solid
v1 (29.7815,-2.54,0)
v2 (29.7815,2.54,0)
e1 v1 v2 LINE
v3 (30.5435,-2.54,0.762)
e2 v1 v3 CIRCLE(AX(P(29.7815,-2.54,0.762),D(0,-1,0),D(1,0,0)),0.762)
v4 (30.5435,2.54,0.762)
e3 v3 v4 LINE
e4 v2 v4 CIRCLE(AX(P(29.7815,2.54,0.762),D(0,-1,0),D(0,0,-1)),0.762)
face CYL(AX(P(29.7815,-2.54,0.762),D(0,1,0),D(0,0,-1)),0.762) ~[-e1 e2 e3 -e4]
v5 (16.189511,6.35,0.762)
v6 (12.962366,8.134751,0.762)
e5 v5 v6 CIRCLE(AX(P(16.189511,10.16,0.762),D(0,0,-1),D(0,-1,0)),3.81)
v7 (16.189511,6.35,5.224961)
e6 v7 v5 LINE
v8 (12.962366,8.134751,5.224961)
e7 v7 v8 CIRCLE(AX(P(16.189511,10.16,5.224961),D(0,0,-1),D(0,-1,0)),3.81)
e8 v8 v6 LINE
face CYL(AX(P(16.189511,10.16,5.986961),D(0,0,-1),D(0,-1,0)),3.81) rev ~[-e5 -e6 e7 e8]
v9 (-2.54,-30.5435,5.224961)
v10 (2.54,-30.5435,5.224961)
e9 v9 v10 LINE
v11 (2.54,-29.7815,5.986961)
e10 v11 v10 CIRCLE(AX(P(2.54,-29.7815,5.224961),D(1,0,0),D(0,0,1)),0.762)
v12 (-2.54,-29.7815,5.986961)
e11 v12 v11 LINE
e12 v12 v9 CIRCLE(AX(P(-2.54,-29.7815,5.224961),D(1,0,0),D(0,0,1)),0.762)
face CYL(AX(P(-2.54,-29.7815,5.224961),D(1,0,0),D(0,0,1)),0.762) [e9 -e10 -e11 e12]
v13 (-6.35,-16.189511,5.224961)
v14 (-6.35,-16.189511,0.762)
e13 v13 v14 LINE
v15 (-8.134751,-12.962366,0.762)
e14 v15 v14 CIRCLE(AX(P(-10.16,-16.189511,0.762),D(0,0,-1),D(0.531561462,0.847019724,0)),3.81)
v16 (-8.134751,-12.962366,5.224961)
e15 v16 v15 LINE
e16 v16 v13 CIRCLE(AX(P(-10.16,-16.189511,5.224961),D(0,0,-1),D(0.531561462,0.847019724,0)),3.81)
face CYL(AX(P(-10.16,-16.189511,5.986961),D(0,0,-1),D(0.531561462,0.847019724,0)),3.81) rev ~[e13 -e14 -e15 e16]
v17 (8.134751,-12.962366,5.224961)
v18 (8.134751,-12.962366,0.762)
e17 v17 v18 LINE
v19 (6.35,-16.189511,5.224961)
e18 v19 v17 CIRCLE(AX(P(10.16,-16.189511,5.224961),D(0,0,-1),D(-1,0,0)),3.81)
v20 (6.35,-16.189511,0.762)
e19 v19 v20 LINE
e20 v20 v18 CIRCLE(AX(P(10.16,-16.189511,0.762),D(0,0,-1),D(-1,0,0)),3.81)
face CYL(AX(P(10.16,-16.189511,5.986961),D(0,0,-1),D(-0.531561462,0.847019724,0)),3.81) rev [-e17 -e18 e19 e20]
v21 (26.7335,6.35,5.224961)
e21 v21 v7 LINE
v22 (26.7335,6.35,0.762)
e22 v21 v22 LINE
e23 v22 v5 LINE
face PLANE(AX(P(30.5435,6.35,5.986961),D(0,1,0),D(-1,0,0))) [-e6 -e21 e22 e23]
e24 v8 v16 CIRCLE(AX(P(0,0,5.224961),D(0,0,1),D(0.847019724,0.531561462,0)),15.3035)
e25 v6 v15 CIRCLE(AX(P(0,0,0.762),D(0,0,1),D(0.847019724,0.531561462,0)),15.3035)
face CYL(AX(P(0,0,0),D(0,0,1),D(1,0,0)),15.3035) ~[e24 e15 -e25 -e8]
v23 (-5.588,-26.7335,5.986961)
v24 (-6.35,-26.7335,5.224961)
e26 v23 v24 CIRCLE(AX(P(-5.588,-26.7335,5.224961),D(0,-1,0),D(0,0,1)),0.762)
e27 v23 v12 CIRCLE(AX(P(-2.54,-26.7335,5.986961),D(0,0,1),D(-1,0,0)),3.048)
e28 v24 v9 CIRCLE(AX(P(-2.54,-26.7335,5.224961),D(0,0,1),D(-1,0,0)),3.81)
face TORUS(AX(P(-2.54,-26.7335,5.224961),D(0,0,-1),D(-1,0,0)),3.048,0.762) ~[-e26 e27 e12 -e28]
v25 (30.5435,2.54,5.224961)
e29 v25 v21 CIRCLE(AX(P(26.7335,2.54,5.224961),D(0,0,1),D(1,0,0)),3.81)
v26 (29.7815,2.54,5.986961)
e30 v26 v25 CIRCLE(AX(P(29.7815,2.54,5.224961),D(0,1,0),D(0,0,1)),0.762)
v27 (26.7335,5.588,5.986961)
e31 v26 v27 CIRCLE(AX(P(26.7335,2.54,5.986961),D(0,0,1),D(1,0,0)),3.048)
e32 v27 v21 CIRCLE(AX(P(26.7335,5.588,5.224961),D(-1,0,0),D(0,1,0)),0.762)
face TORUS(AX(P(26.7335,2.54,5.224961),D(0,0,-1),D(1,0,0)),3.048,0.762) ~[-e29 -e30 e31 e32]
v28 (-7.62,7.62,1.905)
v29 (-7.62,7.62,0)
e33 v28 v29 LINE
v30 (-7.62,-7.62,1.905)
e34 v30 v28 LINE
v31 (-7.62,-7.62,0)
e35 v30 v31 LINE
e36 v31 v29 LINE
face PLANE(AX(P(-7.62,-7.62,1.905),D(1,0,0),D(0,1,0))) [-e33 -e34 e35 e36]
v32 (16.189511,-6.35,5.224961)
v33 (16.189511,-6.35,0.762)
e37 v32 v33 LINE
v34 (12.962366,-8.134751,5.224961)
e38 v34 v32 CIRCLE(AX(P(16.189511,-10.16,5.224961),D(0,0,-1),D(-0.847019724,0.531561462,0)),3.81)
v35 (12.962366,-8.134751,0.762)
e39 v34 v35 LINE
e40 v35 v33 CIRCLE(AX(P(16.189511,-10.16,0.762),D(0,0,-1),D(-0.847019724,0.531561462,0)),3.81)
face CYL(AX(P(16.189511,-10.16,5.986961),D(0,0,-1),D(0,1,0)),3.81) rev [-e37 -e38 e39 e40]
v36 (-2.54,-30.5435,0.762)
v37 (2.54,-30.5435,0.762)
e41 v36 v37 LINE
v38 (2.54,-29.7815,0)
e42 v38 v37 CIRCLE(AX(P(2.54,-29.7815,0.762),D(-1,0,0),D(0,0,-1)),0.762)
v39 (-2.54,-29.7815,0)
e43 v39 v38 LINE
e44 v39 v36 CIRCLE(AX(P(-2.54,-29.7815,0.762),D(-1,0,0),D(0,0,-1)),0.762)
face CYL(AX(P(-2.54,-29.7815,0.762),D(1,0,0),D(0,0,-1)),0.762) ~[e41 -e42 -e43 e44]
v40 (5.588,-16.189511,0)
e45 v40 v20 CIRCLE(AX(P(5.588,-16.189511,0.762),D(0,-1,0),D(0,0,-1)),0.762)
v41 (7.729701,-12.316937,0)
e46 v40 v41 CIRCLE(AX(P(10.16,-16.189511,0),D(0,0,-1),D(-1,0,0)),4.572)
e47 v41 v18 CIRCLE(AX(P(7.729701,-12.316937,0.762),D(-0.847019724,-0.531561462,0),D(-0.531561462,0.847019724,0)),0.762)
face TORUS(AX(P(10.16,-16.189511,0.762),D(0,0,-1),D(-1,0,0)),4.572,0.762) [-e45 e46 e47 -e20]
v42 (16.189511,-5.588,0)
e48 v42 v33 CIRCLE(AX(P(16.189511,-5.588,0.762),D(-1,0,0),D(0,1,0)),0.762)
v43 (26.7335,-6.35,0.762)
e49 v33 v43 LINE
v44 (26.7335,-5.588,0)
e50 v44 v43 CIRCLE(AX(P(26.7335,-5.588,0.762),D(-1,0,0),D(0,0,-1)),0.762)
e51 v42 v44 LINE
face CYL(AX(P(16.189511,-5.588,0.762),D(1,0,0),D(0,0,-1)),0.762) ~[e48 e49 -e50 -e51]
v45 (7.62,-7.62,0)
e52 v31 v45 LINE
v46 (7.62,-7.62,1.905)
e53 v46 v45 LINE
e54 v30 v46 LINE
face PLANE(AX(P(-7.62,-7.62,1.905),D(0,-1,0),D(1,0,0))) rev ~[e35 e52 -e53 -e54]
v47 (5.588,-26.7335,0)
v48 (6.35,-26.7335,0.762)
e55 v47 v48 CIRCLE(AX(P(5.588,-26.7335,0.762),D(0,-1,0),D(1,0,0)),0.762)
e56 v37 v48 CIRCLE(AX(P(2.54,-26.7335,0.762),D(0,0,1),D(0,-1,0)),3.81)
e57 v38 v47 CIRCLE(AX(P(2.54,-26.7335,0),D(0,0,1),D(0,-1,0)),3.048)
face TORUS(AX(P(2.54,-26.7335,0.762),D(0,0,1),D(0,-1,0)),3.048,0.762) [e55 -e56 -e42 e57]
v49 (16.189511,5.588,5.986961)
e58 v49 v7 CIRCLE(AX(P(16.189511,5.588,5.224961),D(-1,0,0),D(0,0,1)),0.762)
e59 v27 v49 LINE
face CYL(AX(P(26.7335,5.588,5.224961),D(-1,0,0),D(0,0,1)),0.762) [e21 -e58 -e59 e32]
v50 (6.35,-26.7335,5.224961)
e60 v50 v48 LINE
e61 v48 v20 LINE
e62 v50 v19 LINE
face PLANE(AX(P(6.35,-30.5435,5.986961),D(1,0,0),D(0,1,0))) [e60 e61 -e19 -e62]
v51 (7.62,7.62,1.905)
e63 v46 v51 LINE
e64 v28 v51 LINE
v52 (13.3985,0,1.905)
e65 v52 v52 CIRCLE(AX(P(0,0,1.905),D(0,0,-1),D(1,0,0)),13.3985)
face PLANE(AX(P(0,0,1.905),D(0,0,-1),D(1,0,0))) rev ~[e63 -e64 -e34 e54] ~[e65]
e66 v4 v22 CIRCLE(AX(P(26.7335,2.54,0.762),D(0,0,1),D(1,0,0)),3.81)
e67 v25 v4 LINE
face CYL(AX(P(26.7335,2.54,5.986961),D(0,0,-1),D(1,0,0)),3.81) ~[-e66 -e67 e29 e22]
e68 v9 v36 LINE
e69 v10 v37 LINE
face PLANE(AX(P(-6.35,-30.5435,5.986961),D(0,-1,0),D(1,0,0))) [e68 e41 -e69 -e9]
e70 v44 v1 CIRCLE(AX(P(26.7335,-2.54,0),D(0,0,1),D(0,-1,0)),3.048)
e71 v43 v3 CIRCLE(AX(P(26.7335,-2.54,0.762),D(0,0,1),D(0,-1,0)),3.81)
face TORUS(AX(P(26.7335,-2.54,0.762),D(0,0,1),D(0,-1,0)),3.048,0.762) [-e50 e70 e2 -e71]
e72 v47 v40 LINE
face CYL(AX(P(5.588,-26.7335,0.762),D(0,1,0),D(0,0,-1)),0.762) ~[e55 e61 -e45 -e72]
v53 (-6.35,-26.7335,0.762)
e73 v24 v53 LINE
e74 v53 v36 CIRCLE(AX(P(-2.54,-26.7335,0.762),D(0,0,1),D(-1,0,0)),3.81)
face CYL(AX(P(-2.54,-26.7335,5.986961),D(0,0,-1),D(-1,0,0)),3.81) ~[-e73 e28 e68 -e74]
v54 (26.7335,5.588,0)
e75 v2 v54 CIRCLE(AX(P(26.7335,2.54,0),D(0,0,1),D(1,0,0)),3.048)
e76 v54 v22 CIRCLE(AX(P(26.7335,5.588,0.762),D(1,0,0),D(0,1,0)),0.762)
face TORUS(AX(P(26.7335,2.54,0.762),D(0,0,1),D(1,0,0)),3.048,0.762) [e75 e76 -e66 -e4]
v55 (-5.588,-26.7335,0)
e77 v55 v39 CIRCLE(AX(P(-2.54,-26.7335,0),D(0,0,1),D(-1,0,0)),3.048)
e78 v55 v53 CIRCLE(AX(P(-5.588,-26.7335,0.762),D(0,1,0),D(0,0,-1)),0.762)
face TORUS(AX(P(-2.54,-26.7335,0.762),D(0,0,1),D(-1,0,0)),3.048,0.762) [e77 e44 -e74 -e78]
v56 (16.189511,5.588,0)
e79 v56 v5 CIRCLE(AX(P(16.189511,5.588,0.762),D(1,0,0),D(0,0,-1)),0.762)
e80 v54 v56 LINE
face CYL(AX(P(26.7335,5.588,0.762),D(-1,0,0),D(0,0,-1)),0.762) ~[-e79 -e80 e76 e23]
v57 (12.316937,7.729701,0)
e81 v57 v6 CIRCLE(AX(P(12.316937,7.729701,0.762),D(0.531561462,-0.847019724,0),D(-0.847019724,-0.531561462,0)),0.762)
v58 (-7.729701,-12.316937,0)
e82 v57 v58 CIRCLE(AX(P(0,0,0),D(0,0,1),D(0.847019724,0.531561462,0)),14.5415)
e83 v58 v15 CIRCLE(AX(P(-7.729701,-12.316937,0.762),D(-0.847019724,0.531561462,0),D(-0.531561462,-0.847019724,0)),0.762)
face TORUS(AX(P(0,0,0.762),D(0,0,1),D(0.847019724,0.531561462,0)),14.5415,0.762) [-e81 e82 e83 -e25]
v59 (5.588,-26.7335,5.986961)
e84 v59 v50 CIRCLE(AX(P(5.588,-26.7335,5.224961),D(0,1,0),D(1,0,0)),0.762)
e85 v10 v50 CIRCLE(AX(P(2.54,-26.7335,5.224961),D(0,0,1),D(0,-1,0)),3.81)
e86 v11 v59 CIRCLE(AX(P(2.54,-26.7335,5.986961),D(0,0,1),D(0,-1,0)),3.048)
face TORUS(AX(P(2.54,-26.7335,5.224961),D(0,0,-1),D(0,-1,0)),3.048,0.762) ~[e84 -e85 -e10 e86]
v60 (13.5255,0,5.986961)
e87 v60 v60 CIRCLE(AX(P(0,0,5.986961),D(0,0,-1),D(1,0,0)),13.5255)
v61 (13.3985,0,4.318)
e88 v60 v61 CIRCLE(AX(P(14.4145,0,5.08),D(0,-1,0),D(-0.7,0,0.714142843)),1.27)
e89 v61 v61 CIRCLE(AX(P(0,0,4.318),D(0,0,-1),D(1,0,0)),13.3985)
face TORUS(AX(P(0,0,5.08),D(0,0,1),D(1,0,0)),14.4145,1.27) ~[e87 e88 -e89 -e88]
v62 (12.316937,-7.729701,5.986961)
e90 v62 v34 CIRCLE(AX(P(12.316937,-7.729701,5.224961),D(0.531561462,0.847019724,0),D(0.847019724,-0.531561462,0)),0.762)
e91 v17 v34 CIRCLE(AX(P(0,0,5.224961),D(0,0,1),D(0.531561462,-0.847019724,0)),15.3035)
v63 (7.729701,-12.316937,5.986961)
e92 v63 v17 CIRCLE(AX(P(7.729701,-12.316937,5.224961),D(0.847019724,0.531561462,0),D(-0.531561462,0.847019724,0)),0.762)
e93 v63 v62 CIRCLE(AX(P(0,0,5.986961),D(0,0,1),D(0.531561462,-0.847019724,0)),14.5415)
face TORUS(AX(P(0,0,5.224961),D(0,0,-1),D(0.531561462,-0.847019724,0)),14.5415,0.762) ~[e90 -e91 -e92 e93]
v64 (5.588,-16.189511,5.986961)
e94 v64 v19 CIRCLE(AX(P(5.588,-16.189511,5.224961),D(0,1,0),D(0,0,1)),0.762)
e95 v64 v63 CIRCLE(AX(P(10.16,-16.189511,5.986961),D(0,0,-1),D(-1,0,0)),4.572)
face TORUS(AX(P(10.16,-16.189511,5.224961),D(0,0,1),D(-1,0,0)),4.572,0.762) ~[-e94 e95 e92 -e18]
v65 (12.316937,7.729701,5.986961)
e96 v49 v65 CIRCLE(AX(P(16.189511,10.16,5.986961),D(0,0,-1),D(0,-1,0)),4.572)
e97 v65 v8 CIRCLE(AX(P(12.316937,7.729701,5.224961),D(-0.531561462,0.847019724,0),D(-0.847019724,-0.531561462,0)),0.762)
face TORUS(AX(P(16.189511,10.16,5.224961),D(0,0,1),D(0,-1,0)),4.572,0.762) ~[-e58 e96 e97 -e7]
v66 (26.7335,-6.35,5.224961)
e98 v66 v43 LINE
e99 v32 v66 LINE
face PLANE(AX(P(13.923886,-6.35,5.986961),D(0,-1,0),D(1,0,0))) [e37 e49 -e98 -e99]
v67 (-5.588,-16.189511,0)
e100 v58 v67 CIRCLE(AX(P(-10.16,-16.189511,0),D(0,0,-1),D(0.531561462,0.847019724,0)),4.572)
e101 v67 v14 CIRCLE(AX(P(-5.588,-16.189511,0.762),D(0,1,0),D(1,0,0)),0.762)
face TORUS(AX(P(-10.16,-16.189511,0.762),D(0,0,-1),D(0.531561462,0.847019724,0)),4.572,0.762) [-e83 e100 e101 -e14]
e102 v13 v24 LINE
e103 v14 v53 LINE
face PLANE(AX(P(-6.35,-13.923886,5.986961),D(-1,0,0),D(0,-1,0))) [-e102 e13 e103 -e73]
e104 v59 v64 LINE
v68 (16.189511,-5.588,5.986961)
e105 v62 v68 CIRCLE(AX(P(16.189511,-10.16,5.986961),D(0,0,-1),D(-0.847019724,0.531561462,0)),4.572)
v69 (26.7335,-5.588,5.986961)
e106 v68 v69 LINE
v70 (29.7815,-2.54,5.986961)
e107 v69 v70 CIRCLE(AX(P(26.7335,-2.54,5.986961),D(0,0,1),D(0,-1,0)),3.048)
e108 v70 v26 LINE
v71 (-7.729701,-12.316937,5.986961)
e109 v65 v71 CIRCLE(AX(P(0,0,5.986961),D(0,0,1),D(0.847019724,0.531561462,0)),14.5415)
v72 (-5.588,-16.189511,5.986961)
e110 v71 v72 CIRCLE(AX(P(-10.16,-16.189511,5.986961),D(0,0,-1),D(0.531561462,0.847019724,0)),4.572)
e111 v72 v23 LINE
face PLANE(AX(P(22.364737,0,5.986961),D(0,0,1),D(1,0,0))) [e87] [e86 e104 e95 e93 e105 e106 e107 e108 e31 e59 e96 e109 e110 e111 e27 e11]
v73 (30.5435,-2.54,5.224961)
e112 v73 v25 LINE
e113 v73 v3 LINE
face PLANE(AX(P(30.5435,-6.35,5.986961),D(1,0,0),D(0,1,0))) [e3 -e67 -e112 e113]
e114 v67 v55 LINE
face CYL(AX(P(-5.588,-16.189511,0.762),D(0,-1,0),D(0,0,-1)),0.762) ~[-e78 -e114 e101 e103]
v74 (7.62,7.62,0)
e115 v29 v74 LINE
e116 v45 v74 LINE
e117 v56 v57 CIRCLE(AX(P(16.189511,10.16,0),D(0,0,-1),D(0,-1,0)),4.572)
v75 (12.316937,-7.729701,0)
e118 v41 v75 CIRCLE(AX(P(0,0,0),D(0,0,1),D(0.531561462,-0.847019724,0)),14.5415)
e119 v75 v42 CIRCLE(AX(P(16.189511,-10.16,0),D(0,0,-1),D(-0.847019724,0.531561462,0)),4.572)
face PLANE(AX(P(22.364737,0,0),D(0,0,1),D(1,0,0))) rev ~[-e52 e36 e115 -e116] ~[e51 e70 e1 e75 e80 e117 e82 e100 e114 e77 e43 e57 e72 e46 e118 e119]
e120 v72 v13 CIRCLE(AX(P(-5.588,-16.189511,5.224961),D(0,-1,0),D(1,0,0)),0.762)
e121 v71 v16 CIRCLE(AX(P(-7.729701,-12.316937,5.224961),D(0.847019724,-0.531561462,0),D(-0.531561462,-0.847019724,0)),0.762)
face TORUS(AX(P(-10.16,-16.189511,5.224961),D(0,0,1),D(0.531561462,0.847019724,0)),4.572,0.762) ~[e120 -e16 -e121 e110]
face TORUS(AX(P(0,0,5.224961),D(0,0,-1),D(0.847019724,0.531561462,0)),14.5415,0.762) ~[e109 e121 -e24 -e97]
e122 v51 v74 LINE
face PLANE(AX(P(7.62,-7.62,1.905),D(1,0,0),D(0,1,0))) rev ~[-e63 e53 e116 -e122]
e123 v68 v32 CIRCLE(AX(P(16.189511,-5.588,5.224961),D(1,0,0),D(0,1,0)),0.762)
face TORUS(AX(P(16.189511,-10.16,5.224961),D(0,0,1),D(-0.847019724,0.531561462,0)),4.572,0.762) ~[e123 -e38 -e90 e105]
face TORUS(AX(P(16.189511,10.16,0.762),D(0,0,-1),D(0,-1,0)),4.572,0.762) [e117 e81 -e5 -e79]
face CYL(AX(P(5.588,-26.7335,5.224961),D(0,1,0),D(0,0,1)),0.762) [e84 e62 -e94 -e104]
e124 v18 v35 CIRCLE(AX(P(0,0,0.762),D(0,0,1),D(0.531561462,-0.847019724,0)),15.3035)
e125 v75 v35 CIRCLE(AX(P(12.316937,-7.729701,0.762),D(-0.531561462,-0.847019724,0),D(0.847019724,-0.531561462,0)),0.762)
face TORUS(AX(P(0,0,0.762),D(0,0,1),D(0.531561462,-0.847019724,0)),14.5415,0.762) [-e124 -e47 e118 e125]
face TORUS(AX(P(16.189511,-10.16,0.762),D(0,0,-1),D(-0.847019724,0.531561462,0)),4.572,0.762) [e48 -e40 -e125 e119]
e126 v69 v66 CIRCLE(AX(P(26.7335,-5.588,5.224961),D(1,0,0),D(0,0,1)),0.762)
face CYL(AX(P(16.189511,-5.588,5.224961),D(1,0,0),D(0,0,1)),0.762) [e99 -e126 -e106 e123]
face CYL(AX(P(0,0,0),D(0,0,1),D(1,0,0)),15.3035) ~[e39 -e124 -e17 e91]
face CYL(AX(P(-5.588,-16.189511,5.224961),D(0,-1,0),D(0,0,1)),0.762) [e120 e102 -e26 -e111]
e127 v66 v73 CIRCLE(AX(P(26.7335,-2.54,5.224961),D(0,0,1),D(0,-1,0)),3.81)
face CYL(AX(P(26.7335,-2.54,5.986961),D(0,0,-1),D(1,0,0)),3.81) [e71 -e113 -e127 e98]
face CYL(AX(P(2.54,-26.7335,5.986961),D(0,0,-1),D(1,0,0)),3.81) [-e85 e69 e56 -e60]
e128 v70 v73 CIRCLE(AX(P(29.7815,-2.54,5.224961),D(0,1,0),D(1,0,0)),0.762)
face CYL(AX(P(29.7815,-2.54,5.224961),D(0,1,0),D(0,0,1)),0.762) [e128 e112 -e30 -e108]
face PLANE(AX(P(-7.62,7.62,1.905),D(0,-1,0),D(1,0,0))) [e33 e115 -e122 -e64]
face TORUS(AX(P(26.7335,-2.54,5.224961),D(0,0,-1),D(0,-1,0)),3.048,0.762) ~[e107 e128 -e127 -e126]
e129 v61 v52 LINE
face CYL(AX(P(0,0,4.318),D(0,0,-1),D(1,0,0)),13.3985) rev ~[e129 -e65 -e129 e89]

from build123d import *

# Parameters (mm, degrees)
F3_DEPTH = 5.9869614104
F4_R     = 3.81
F5_R     = 0.762
F6_W     = 15.24
F6_H     = 15.24
F7_DEPTH = 25.4


with BuildPart() as f1:
    # F0 (on Front) → F1 (revolve)
    with BuildSketch(Plane.XZ):
        with BuildLine():
            Line((15.3035, 0), (15.3035, 4.1730385896))
            ThreePointArc((15.3035, 4.1730385896), (14.3181376493, 3.8136610654), (13.3985, 4.318))
            Line((13.3985, 4.318), (13.3985, 1.905))
            Line((13.3985, 1.905), (0, 1.905))
            Line((0, 1.905), (0, 0))
            Line((0, 0), (15.3035, 0))
        make_face()
        with BuildLine():
            ThreePointArc((13.3985, 4.318), (14.3181376493, 3.8136610654), (15.3035, 4.1730385896))
            Line((15.3035, 4.1730385896), (15.3035, 5.9869614104))
            Line((15.3035, 5.9869614104), (13.5255, 5.9869614104))
            ThreePointArc((13.5255, 5.9869614104), (13.1481610654, 5.1763623507), (13.3985, 4.318))
        make_face()
    revolve(axis=Axis((0, 0, 4.2298094004), (0, 0, -1)))

    # F2 (on face) → F3 (join, through all)
    with BuildSketch(Plane.XY.offset(5.9869614104)):
        with BuildLine():
            Line((30.5435, -6.35), (30.5435, 6.35))
            Line((30.5435, 6.35), (13.9238863917, 6.35))
            ThreePointArc((13.9238863917, 6.35), (15.3035, 0), (13.9238863917, -6.35))
            Line((13.9238863917, -6.35), (30.5435, -6.35))
        make_face()
        with BuildLine():
            Line((-6.35, -30.5435), (6.35, -30.5435))
            Line((6.35, -30.5435), (6.35, -13.9238863917))
            ThreePointArc((6.35, -13.9238863917), (0, -15.3035), (-6.35, -13.9238863917))
            Line((-6.35, -13.9238863917), (-6.35, -30.5435))
        make_face()
    extrude(amount=-F3_DEPTH)

    # F4
    f4_edges = [f1.edges().sort_by_distance(p)[0] for p in [
        (-6.35, -30.5435, 2.993481),
        (-6.35, -13.923886, 2.993481),
        (6.35, -30.5435, 2.993481),
        (6.35, -13.923886, 2.993481),
        (13.923886, -6.35, 2.993481),
        (30.5435, -6.35, 2.993481),
        (30.5435, 6.35, 2.993481),
        (13.923886, 6.35, 2.993481),
    ]]
    fillet(f4_edges, radius=F4_R)

    # F5
    f5_edges = [f1.edges().sort_by_distance(p)[0] for p in [
        (0, -30.5435, 5.986961),
        (0, -30.5435, 0),
    ]]
    fillet(f5_edges, radius=F5_R)

    # F6 (on face) → F7 (cut)
    with BuildSketch(Plane.XY.offset(1.905)):
        Rectangle(F6_W, F6_H)
    extrude(amount=-F7_DEPTH, mode=Mode.SUBTRACT)


solid = f1.part
